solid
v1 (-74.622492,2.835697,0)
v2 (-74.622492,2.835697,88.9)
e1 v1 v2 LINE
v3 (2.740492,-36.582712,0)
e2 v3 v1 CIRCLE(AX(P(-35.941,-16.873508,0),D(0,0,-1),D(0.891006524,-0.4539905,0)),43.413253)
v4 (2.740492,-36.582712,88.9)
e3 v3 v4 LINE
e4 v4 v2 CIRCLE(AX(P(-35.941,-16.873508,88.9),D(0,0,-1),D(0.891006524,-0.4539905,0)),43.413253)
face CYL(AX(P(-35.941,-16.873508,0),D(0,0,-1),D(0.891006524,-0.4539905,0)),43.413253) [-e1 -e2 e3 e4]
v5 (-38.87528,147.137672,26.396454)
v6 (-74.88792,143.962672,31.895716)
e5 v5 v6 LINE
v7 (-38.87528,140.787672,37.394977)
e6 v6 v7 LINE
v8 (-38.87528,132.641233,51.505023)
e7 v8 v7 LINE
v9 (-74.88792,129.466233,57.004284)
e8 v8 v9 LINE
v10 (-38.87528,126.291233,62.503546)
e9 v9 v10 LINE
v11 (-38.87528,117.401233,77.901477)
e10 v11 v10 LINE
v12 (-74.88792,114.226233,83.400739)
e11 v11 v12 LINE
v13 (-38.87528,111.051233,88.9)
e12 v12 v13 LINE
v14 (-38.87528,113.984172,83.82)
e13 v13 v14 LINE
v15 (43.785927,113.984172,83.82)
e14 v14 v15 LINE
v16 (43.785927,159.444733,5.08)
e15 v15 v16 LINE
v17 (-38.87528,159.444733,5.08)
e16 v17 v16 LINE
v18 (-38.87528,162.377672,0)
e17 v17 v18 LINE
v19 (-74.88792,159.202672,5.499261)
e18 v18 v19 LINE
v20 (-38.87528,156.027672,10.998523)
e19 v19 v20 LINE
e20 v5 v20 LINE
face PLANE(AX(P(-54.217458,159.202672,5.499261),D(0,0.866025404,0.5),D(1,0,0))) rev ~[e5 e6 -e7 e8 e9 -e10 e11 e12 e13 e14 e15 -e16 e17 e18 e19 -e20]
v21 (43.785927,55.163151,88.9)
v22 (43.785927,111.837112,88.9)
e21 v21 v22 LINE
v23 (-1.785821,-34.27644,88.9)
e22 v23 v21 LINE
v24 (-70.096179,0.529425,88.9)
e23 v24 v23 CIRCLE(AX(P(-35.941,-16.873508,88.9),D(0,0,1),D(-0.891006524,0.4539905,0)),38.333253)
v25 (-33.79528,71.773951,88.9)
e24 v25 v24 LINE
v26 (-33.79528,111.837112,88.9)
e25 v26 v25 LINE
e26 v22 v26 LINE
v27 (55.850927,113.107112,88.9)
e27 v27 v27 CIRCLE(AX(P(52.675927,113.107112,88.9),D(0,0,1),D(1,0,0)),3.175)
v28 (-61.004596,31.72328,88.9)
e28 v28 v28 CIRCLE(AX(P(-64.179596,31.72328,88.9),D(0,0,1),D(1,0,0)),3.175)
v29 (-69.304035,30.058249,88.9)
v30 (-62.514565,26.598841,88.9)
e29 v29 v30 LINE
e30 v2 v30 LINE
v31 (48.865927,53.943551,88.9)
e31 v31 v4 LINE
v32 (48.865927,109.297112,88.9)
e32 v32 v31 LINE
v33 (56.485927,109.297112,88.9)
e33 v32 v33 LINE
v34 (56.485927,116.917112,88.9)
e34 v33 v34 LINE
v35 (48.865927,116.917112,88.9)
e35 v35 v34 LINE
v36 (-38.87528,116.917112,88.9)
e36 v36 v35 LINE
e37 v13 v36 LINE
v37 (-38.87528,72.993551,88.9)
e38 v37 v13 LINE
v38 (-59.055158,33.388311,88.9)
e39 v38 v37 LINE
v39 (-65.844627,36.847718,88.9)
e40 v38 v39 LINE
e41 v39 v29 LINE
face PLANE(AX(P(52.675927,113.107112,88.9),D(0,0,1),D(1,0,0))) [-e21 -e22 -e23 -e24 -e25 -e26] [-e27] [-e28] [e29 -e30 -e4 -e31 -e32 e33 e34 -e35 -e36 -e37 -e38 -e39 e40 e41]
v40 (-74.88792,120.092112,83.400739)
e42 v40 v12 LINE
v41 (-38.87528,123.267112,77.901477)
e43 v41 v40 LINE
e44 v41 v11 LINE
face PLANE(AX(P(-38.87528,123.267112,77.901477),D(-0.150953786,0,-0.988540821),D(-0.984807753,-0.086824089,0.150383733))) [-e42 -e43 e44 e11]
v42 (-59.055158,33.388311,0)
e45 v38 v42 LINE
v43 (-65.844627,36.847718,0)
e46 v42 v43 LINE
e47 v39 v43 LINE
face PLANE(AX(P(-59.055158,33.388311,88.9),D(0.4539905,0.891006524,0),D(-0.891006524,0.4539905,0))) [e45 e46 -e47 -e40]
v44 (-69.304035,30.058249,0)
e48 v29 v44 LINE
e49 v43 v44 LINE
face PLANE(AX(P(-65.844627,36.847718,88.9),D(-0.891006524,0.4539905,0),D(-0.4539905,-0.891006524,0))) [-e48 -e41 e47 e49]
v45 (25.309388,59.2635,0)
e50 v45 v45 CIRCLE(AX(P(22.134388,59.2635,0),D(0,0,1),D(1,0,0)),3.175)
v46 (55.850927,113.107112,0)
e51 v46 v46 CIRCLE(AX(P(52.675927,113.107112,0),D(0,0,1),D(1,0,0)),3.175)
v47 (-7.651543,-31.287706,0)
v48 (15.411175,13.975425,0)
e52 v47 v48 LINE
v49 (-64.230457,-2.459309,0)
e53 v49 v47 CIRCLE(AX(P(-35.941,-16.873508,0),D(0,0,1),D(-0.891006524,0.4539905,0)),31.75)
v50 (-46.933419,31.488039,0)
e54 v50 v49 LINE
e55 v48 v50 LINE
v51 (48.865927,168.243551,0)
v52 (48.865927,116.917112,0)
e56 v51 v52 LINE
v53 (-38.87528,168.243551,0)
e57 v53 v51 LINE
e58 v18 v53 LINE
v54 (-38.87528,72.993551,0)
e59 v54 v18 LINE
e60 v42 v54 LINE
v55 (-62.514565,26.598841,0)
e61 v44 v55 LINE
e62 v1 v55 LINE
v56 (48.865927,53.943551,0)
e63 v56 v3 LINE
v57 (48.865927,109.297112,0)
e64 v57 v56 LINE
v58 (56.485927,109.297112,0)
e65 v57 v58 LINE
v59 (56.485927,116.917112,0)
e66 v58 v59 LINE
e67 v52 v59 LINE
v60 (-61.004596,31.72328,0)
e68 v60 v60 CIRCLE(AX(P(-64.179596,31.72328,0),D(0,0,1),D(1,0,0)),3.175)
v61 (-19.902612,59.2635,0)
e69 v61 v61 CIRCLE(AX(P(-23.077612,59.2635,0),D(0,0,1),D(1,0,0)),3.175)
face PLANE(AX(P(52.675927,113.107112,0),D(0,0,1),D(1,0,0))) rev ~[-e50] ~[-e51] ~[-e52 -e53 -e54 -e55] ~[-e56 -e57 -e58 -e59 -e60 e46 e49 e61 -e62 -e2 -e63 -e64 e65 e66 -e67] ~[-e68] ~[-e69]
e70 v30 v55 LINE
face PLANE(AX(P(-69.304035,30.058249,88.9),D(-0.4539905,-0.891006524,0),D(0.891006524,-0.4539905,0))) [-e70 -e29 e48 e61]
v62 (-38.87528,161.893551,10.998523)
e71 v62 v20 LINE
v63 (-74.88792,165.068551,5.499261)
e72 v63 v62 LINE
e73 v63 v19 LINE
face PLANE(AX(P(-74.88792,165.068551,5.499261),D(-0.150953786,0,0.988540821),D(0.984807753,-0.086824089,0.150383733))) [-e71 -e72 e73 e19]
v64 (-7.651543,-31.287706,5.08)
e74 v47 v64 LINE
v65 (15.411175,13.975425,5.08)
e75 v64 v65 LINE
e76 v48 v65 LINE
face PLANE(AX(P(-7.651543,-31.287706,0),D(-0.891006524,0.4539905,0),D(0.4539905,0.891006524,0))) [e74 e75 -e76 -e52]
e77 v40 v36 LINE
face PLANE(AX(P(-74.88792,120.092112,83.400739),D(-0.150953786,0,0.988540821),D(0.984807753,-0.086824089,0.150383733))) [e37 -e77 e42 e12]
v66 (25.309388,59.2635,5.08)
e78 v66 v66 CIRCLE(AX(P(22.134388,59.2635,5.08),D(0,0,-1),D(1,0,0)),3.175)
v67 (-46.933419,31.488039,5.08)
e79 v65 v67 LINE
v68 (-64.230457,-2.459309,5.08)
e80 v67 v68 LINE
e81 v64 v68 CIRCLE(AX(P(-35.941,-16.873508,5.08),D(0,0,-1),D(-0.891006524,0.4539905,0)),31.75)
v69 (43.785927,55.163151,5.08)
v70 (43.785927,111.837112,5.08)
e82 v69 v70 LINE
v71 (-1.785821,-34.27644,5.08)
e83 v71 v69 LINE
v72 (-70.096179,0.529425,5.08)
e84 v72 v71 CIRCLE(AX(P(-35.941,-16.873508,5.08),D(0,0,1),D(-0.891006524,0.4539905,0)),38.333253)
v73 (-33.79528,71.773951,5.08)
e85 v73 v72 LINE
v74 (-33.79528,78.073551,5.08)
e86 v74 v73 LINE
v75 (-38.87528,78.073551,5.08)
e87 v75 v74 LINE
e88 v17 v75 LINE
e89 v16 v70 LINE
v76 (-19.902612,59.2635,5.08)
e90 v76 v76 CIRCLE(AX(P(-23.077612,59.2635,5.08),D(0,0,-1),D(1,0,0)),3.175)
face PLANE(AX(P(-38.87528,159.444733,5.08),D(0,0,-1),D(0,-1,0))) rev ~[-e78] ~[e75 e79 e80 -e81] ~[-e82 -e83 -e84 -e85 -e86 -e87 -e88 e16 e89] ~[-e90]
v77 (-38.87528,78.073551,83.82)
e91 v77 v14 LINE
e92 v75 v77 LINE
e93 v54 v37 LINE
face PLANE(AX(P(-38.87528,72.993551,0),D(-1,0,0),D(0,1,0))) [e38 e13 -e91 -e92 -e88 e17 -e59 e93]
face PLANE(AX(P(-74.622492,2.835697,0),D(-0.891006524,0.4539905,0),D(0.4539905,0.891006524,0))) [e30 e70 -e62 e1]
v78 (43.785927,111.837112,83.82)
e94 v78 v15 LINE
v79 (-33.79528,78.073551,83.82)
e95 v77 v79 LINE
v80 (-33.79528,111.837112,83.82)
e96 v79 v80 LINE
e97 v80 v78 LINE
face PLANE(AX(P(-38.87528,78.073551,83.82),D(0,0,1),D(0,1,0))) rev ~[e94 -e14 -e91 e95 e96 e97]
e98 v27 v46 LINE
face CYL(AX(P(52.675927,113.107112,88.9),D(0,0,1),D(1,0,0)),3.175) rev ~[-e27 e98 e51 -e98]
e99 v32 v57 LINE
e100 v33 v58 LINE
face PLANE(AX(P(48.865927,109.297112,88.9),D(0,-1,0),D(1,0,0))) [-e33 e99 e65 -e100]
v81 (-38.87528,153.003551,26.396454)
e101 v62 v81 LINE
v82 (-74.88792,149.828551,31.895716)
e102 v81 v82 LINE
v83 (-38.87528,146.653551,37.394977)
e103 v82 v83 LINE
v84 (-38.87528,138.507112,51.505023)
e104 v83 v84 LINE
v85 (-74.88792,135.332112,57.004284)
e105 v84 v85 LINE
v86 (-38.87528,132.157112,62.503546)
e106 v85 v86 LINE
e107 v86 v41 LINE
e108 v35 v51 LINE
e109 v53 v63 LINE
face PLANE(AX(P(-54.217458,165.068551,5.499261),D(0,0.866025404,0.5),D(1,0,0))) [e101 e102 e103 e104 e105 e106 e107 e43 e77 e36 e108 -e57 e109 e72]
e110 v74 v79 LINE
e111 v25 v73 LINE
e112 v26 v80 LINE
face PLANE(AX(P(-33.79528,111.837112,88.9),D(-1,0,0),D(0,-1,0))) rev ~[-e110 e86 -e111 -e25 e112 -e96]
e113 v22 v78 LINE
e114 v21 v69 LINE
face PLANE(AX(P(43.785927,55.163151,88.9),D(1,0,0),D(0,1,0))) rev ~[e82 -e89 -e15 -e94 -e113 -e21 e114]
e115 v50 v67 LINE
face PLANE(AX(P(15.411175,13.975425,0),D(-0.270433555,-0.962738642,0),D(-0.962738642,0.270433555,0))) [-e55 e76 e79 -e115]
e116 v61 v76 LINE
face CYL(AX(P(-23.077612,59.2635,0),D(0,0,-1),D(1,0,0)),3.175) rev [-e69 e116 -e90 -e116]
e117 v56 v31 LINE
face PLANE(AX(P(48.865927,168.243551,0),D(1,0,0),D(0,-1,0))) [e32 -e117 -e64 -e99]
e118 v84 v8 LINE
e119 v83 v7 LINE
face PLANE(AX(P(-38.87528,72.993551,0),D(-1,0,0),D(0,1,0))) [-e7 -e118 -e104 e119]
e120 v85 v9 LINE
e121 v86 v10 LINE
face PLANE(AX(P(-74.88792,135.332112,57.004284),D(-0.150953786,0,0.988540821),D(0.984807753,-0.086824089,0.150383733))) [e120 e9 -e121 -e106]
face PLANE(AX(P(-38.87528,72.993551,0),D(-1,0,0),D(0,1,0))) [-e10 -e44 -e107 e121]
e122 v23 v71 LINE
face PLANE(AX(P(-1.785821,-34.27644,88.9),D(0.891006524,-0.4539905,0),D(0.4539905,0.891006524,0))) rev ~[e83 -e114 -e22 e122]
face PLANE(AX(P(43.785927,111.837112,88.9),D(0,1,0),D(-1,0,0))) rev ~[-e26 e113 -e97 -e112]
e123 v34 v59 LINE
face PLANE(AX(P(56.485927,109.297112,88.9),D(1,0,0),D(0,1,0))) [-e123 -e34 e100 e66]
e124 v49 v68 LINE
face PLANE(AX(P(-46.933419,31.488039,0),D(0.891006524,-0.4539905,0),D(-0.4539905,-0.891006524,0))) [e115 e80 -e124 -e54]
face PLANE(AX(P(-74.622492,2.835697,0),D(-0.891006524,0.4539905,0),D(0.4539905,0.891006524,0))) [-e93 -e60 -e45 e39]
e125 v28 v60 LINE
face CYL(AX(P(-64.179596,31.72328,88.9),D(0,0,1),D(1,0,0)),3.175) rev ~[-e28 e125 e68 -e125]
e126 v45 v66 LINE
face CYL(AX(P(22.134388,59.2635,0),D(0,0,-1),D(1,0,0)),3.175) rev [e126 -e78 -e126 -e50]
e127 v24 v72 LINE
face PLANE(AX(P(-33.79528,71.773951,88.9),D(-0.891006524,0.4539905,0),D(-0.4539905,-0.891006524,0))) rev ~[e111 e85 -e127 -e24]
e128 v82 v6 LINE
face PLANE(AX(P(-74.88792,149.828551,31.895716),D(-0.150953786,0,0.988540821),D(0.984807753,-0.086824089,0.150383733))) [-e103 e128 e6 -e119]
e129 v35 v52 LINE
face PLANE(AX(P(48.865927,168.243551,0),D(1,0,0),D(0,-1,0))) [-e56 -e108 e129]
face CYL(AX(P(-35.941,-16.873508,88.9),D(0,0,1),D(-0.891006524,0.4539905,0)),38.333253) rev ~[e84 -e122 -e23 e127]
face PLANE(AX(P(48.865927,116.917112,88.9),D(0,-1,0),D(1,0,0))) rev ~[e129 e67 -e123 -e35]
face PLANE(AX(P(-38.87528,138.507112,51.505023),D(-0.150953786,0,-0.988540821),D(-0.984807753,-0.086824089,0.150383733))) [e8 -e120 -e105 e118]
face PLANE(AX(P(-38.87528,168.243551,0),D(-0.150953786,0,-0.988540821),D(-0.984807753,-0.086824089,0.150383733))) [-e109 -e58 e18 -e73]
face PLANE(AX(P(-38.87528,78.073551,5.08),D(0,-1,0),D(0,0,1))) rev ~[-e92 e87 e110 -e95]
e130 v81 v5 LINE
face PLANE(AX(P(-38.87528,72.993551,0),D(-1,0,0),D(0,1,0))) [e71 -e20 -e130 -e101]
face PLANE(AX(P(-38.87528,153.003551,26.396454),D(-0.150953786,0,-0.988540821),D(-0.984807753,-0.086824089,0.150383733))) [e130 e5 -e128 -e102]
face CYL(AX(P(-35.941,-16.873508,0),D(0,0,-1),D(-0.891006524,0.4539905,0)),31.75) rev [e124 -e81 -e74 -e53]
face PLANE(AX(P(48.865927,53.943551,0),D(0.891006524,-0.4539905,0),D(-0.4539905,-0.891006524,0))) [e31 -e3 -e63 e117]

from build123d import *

# Parameters (mm, degrees)
SKETCH1_R           = 3.175
BOSS_EXTRUDE1_DEPTH = 88.9
CUT_EXTRUDE1_DEPTH  = 210.541455785
CUT_EXTRUDE2_DEPTH  = 83.82
CUT_EXTRUDE3_DEPTH  = 82.661206718
BOSS_EXTRUDE2_DEPTH = 5.865878735
SKETCH6_W           = 7.62
SKETCH6_H           = 7.62
SKETCH6_R           = 3.175
BOSS_EXTRUDE3_DEPTH = 88.9


with BuildPart() as part:
    # Sketch1 → Boss-Extrude1 (new body)
    with BuildSketch(Plane.XY):
        with BuildLine():
            Line((-38.875279998, 168.243550653), (48.865926721, 168.243550653))
            Line((48.865926721, 168.243550653), (48.865926721, 53.943550653))
            Line((48.865926721, 53.943550653), (2.740491947, -36.582712205))
            ThreePointArc((2.740491947, -36.582712205), (-55.650204571, -55.55499958), (-74.622491947, 2.835696938))
            Line((-74.622491947, 2.835696938), (-38.875279998, 72.993550653))
            Line((-38.875279998, 72.993550653), (-38.875279998, 168.243550653))
        make_face()
        with Locations((-23.07761236, 59.263499889)):
            Circle(SKETCH1_R, mode=Mode.SUBTRACT)
        with Locations((22.13438764, 59.263499889)):
            Circle(SKETCH1_R, mode=Mode.SUBTRACT)
        with BuildLine():
            Line((-7.651542857, -31.287706), (15.41117453, 13.975425429))
            Line((15.41117453, 13.975425429), (-46.933419103, 31.488039305))
            Line((-46.933419103, 31.488039305), (-64.230457143, -2.459309266))
            ThreePointArc((-64.230457143, -2.459309266), (-50.355198367, -45.162964776), (-7.651542857, -31.287706))
        make_face(mode=Mode.SUBTRACT)
    extrude(amount=BOSS_EXTRUDE1_DEPTH)

    # Sketch2 → Cut-Extrude1 (cut, through all)
    with BuildSketch(Plane.ZY.offset(38.875279998)):
        Polygon((0, 168.243550653), (88.9, 116.917111722), (88.9, 168.243550653), align=None)
    extrude(amount=-CUT_EXTRUDE1_DEPTH, mode=Mode.SUBTRACT)

    # Sketch3 → Cut-Extrude2 (cut)
    with BuildSketch(Plane.XY.offset(88.9)):
        with BuildLine():
            Line((43.785926721, 111.837111722), (-33.795279998, 111.837111722))
            Line((-33.795279998, 111.837111722), (-33.795279998, 71.773950557))
            Line((-33.795279998, 71.773950557), (-70.096178804, 0.5294252))
            ThreePointArc((-70.096178804, 0.5294252), (-53.343932833, -51.028686437), (-1.785821196, -34.276440466))
            Line((-1.785821196, -34.276440466), (43.785926721, 55.163150749))
            Line((43.785926721, 55.163150749), (43.785926721, 111.837111722))
        make_face()
    extrude(amount=-CUT_EXTRUDE2_DEPTH, mode=Mode.SUBTRACT)

    # Sketch4 → Cut-Extrude3 (cut)
    with BuildSketch(Plane.ZY.offset(38.875279998)):
        Polygon((83.82, 78.073550653), (83.82, 113.984172354), (5.08, 159.44473255), (5.08, 78.073550653), align=None)
    extrude(amount=-CUT_EXTRUDE3_DEPTH, mode=Mode.SUBTRACT)

    # Sketch5 → Boss-Extrude2 (add, along a direction that is not the sketch's normal)
    with BuildSketch(Plane(origin=(0, 126.18266299, 72.851594444), x_dir=(1, 0, 0), z_dir=(0, 0.8660254037844417, 0.4999999999999947))):
        Polygon((-38.875279998, 84.121775326), (-74.887919552, 77.771775326), (-38.875279998, 71.421775326), align=None)
        Polygon((-38.875279998, 53.641775326), (-74.887919552, 47.291775326), (-38.875279998, 40.941775326), align=None)
        Polygon((-38.875279998, 24.648897465), (-74.887919552, 18.298897465), (-38.875279998, 11.948897465), align=None)
        Polygon((-38.875279998, -5.831102535), (-74.887919552, -12.181102535), (-38.875279998, -18.531102535), align=None)
    extrude(amount=-BOSS_EXTRUDE2_DEPTH, dir=(0, 1, 0))

    # Sketch6 → Boss-Extrude3 (add)
    # profile 1 of 2: a face of its own
    with BuildSketch(Plane.XY.offset(88.9)):
        with Locations((52.675926721, 113.107111722)):
            Rectangle(SKETCH6_W, SKETCH6_H)
        with Locations((52.675926721, 113.107111722)):
            Circle(SKETCH6_R, mode=Mode.SUBTRACT)
    # profile 2 of 2: a face of its own
    with BuildSketch(Plane.XY.offset(88.9)):
        Polygon((-62.514565319, 26.598840938), (-59.055157711, 33.388310653), (-65.844627425, 36.847718261), (-69.304035033, 30.058248546), align=None)
        with Locations((-64.179596372, 31.7232796)):
            Circle(SKETCH6_R, mode=Mode.SUBTRACT)
    extrude(amount=-BOSS_EXTRUDE3_DEPTH)


solid = part.part
